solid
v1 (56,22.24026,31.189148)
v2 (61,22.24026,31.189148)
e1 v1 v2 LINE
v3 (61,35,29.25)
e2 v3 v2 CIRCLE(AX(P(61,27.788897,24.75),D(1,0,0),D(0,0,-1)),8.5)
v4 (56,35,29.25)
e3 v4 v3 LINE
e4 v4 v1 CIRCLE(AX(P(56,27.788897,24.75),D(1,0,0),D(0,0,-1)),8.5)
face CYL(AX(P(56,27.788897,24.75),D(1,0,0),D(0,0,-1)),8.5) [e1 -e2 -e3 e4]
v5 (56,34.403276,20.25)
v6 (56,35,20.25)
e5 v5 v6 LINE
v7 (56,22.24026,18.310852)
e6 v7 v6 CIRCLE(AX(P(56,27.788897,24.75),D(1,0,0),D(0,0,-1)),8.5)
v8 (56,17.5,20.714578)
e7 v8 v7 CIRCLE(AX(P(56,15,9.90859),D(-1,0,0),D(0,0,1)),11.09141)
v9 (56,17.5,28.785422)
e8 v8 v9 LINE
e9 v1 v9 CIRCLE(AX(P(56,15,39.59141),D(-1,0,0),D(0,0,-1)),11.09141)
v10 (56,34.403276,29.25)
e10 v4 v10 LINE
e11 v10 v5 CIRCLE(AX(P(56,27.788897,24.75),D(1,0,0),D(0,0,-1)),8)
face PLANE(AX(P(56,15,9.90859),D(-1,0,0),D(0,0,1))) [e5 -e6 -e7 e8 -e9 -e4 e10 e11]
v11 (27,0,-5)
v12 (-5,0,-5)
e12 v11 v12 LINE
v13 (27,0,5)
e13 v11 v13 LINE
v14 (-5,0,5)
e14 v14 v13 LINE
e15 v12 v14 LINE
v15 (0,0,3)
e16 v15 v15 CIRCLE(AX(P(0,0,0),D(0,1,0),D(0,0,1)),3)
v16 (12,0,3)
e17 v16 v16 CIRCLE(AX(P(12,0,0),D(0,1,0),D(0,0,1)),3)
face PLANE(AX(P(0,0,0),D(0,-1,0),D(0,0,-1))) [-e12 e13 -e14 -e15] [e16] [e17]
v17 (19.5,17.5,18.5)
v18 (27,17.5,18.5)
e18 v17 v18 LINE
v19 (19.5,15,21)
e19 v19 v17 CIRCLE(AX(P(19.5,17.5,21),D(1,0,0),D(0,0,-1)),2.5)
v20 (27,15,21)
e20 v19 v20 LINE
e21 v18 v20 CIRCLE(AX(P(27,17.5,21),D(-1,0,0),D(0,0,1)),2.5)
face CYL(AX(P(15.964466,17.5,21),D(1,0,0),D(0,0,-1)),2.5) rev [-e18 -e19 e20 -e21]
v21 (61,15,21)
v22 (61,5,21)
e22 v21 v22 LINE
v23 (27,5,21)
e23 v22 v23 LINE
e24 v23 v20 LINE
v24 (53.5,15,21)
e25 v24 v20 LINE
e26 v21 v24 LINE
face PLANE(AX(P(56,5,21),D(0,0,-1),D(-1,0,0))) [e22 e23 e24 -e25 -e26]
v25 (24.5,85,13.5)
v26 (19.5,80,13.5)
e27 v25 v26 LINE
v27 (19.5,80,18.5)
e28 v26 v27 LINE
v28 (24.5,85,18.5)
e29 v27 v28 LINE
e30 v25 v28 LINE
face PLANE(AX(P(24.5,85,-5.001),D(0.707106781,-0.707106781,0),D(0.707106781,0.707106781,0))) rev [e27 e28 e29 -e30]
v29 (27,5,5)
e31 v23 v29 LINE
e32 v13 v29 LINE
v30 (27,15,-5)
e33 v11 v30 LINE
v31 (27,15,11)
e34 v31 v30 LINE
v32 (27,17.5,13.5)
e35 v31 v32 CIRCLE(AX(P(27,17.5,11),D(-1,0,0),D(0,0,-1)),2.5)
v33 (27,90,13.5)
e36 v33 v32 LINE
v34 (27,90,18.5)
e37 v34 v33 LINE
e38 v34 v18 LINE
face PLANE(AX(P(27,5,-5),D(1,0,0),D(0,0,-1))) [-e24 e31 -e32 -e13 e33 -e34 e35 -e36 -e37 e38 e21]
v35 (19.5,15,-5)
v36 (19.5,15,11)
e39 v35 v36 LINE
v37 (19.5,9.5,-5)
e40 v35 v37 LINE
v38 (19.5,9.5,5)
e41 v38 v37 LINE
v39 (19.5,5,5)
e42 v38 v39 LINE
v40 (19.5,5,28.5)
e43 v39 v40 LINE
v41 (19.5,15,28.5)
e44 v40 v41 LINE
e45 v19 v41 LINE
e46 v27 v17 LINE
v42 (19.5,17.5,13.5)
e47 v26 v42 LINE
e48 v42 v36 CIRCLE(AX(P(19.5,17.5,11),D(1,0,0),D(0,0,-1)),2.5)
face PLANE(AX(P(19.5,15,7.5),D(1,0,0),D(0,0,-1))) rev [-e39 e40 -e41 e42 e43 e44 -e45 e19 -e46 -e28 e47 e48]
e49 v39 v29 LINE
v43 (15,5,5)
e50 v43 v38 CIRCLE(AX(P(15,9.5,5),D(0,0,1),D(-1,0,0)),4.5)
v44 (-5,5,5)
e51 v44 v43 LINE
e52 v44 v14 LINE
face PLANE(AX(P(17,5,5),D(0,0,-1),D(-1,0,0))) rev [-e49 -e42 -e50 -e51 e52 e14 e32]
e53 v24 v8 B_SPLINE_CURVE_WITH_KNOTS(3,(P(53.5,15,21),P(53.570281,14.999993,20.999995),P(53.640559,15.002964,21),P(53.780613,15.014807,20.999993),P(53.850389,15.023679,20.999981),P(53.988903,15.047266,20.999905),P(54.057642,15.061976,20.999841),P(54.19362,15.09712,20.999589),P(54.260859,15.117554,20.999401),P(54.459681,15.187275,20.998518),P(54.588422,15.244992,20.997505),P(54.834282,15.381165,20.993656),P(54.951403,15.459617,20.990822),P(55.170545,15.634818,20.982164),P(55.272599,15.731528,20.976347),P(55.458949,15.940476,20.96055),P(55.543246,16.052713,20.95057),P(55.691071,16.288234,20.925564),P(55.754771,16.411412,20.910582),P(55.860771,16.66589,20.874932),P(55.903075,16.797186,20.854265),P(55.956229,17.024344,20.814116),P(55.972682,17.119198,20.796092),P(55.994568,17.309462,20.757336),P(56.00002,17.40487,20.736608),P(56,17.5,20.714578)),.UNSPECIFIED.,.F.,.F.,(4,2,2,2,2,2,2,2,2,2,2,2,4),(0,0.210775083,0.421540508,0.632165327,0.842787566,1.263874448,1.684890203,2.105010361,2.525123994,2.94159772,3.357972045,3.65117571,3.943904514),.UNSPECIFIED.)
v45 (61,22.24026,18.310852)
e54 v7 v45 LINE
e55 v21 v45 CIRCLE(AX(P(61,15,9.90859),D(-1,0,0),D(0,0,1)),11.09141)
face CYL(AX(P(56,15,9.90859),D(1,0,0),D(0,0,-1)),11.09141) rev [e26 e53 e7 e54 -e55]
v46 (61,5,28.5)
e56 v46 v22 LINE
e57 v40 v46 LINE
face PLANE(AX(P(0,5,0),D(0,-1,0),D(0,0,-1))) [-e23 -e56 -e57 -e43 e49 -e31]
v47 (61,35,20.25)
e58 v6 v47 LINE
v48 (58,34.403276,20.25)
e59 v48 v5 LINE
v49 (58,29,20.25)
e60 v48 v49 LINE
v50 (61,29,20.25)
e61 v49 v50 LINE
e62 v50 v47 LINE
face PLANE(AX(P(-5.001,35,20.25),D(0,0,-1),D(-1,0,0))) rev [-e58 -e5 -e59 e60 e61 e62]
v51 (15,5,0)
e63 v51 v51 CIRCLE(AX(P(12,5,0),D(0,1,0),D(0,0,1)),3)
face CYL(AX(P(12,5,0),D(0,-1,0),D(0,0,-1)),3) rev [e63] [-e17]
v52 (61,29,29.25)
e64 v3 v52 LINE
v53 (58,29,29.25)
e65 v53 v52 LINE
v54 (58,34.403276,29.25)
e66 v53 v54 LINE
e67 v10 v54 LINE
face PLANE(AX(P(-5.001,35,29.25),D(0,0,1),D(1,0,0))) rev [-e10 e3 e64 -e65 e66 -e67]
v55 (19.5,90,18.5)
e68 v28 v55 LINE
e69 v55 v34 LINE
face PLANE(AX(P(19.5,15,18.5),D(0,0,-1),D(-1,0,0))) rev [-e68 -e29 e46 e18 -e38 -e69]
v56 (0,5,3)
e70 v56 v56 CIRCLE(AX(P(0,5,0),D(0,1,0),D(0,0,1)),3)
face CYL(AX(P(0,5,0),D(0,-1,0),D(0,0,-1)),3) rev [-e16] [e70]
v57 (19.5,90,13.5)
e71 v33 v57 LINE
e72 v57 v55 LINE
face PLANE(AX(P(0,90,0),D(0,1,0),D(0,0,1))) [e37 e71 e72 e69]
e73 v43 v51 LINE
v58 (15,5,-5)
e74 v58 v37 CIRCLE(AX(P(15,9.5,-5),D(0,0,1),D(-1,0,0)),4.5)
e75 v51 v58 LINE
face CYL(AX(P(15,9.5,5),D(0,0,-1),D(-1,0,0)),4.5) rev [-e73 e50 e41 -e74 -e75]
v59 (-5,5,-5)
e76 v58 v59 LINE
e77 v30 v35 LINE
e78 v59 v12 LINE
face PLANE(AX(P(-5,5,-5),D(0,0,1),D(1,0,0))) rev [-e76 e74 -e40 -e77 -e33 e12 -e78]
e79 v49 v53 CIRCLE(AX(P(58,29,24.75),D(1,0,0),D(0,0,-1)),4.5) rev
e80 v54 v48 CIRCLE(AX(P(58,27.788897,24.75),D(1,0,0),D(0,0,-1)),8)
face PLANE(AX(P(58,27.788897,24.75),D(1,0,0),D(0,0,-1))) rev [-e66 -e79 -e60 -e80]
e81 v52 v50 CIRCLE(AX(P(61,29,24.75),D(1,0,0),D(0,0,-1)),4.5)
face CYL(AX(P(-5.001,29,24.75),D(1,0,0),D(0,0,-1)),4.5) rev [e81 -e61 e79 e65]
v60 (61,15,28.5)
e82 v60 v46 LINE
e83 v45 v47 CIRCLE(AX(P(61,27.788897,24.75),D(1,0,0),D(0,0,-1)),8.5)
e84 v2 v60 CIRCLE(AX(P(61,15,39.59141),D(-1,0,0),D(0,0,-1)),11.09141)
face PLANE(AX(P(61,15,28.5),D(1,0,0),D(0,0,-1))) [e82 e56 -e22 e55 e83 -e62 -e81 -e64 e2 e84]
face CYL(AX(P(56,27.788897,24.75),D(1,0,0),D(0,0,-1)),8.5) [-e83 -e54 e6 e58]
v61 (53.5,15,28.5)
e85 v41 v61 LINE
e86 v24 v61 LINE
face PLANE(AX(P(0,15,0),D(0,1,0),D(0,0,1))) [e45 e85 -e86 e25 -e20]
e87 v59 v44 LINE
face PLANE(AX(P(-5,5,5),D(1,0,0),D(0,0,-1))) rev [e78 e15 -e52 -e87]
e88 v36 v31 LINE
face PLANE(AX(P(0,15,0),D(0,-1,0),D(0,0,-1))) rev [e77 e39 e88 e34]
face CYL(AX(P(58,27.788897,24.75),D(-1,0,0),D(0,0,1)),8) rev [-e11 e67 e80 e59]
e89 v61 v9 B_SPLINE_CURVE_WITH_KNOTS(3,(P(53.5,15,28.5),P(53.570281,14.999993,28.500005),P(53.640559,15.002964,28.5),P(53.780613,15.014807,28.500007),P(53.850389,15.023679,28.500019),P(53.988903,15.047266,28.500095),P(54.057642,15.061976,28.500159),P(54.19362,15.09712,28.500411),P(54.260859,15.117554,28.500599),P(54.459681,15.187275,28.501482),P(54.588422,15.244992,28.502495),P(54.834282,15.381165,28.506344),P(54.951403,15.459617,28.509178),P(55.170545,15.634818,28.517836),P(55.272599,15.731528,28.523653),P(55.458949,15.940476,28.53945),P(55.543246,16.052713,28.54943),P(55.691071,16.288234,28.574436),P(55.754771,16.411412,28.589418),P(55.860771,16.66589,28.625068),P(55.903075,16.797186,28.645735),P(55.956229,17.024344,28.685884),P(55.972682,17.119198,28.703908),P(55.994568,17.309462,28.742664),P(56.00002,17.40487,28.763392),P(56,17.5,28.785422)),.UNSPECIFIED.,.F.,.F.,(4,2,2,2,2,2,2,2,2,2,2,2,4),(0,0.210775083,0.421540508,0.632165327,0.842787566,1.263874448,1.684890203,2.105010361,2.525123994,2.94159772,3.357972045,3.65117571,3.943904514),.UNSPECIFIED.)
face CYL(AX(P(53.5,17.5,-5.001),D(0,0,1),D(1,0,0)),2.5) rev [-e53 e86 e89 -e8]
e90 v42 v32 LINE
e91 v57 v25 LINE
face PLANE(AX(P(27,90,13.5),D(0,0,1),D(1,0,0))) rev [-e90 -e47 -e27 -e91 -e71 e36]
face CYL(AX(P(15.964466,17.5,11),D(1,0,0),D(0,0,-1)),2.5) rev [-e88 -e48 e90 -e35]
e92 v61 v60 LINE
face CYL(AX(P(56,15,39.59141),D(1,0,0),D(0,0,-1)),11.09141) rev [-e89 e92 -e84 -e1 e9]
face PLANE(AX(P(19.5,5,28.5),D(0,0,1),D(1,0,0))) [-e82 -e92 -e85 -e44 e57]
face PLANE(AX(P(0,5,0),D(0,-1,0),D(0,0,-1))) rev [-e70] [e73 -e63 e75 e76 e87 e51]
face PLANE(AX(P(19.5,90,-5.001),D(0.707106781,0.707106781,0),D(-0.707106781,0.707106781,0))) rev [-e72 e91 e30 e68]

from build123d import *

# Parameters (mm, degrees)
SKETCH2_W                            = 22
SKETCH2_H                            = 10
SKETCH2_R                            = 3
BOSS_EXTRUDE1_DEPTH                  = 5
SKETCH3_W                            = 10
SKETCH3_H                            = 5
BOSS_EXTRUDE2_DEPTH                  = 10
BOSS_EXTRUDE3_DEPTH                  = 10
SKETCH5_W                            = 7.5
SKETCH5_H                            = 5
BOSS_EXTRUDE4_DEPTH                  = 75
CUT_EXTRUDE1_REACH                   = 98.857
BOSS_EXTRUDE5_DEPTH                  = 10
SKETCH13_W                           = 5
SKETCH13_H                           = 10
BOSS_EXTRUDE6_DEPTH                  = 7.5
BOSS_EXTRUDE7_DEPTH                  = 5
CUT_EXTRUDE5_REACH                   = 118.454
SKETCH16_R                           = 8
CUT_EXTRUDE6_DEPTH                   = 2
BOSS_EXTRUDE8_REACH                  = 104.314
BOSS_EXTRUDE8_END_RADIUS             = 11.091410312
BOSS_EXTRUDE8_DIRECTION_2_REACH      = 104.314
BOSS_EXTRUDE8_DIRECTION_2_END_RADIUS = 11.091410312
BOSS_EXTRUDE9_DEPTH                  = 7.5
BOSS_EXTRUDE10_START                 = -10
BOSS_EXTRUDE10_DEPTH                 = 10


with BuildPart() as part:
    # Sketch2 → Boss-Extrude1 (new body)
    with BuildSketch(Plane(origin=(0, 0, 0), x_dir=(1, 0, 0), z_dir=(0, 1, 0))):
        with Locations((6, 0)):
            Rectangle(SKETCH2_W, SKETCH2_H)
        with Locations(Location((0, 0, 0), (0, 0, 270))):
            Circle(SKETCH2_R, mode=Mode.SUBTRACT)
        with Locations(Location((12, 0, 0), (0, 0, 270))):
            Circle(SKETCH2_R, mode=Mode.SUBTRACT)
    extrude(amount=BOSS_EXTRUDE1_DEPTH)

    # Sketch3 → Boss-Extrude2 (add)
    with BuildSketch(Plane.XY.offset(5)):
        with Locations((22, 2.5)):
            Rectangle(SKETCH3_W, SKETCH3_H)
    extrude(amount=-BOSS_EXTRUDE2_DEPTH)

    # Sketch4 → Boss-Extrude3 (add)
    with BuildSketch(Plane(origin=(0, 5, 0), x_dir=(1, 0, 0), z_dir=(0, 1, 0))):
        Polygon((27, 5), (27, -5), (27, -7.5), (27, -18.5), (19.5, -18.5), (19.5, -7.5), (19.5, 5), align=None)
    extrude(amount=BOSS_EXTRUDE3_DEPTH)

    # Sketch5 → Boss-Extrude4 (add)
    with BuildSketch(Plane(origin=(0, 15, 0), x_dir=(1, 0, 0), z_dir=(0, 1, 0))):
        with Locations((23.25, -16)):
            Rectangle(SKETCH5_W, SKETCH5_H)
    extrude(amount=BOSS_EXTRUDE4_DEPTH)

    # Sketch6 → Cut-Extrude1 (cut, up to next)
    with BuildSketch(Plane.XY.offset(18.5), mode=Mode.PRIVATE) as cut_extrude1_sk1:
        Polygon((19.5, 90), (24.5, 85), (19.5, 80), align=None)
    cut_extrude1_tool1 = extrude(cut_extrude1_sk1.sketch, amount=-CUT_EXTRUDE1_REACH, mode=Mode.PRIVATE) & part.part
    add(cut_extrude1_tool1.solids().sort_by_distance((21.166667, 85, 18.5))[0], mode=Mode.SUBTRACT)

    # Sketch7 → Boss-Extrude5 (add)
    with BuildSketch(Plane(origin=(0, 15, 0), x_dir=(1, 0, 0), z_dir=(0, 1, 0))):
        Polygon((19.5, 5), (19.5, -28.5), (56, -28.5), (56, -21), (27, -21), (27, 5), align=None)
    extrude(amount=-BOSS_EXTRUDE5_DEPTH)

    # Sketch13 → Boss-Extrude6 (add)
    with BuildSketch(Plane(origin=(0, 0, 21), x_dir=(-1, 0, 0), z_dir=(0, 0, -1))):
        with Locations((-58.5, 10)):
            Rectangle(SKETCH13_W, SKETCH13_H)
    extrude(amount=-BOSS_EXTRUDE6_DEPTH)

    # Sketch14 → Boss-Extrude7 (add)
    with BuildSketch(Plane(origin=(61, 0, 0), x_dir=(0, 0, -1), z_dir=(1, 0, 0))):
        with BuildLine():
            Line((-29.25, 35), (-20.25, 35))
            ThreePointArc((-20.25, 35), (-16.346490099, 29.066011911), (-18.310852147, 22.240260236))
            ThreePointArc((-18.310852147, 22.240260236), (-20.306000981, 18.86176399), (-21, 15))
            Line((-21, 15), (-28.5, 15))
            ThreePointArc((-28.5, 15), (-29.193999019, 18.86176399), (-31.189147853, 22.240260236))
            ThreePointArc((-31.189147853, 22.240260236), (-33.153509901, 29.066011911), (-29.25, 35))
        make_face()
    extrude(amount=-BOSS_EXTRUDE7_DEPTH)

    # Sketch15 → Cut-Extrude5 (cut, up to next)
    with BuildSketch(Plane(origin=(61, 0, 0), x_dir=(0, 0, -1), z_dir=(1, 0, 0)), mode=Mode.PRIVATE) as cut_extrude5_sk1:
        with BuildLine():
            Line((-29.25, 35), (-29.25, 29))
            ThreePointArc((-29.25, 29), (-24.75, 24.5), (-20.25, 29))
            Line((-20.25, 29), (-20.25, 35))
            Line((-20.25, 35), (-29.25, 35))
        make_face()
    cut_extrude5_tool1 = extrude(cut_extrude5_sk1.sketch, amount=-CUT_EXTRUDE5_REACH, mode=Mode.PRIVATE) & part.part
    add(cut_extrude5_tool1.solids().sort_by_distance((61, 30.179951, 24.75))[0], mode=Mode.SUBTRACT)

    # Sketch16 → Cut-Extrude6 (cut)
    with BuildSketch(Plane(origin=(56, 0, 0), x_dir=(0, 0, -1), z_dir=(1, 0, 0))):
        with Locations((-24.75, 27.788897449)):
            Circle(SKETCH16_R)
    extrude(amount=CUT_EXTRUDE6_DEPTH, mode=Mode.SUBTRACT)

    # Boss-Extrude8: up to this cylinder (the profile starts outside it)
    boss_extrude8_end = Plane(origin=(55.44158, 15, 9.908589688), z_dir=(1, 0, 0)) * Cylinder(BOSS_EXTRUDE8_END_RADIUS, 231.810820624, mode=Mode.PRIVATE)
    # Sketch17 → Boss-Extrude8 (add, up to the surface)
    with BuildSketch(Plane(origin=(56, 15, 28.5), x_dir=(-1, 0, 0), z_dir=(0, 0, -1)), mode=Mode.PRIVATE) as boss_extrude8_sk1:
        with BuildLine():
            Line((0, 0), (0, 2.5))
            ThreePointArc((0, 2.5), (0.732233047, 0.732233047), (2.5, 0))
            Line((2.5, 0), (0, 0))
        make_face()
    boss_extrude8_tool1 = extrude(boss_extrude8_sk1.sketch, amount=BOSS_EXTRUDE8_REACH, mode=Mode.PRIVATE) - boss_extrude8_end
    add(boss_extrude8_tool1.solids().sort_by_distance((55.44158, 15.55842, 28.5))[0])

    # Boss-Extrude8 direction 2: up to this cylinder (the profile starts outside it)
    boss_extrude8_direction_2_end = Plane(origin=(55.44158, 15, 39.591410312), z_dir=(1, 0, 0)) * Cylinder(BOSS_EXTRUDE8_DIRECTION_2_END_RADIUS, 231.810820624, mode=Mode.PRIVATE)
    # Sketch17 → Boss-Extrude8 direction 2 (add, up to the surface)
    with BuildSketch(Plane(origin=(56, 15, 28.5), x_dir=(-1, 0, 0), z_dir=(0, 0, -1)), mode=Mode.PRIVATE) as boss_extrude8_direction_2_sk1:
        with BuildLine():
            Line((0, 0), (0, 2.5))
            ThreePointArc((0, 2.5), (0.732233047, 0.732233047), (2.5, 0))
            Line((2.5, 0), (0, 0))
        make_face()
    boss_extrude8_direction_2_tool1 = extrude(boss_extrude8_direction_2_sk1.sketch, amount=-BOSS_EXTRUDE8_DIRECTION_2_REACH, mode=Mode.PRIVATE) - boss_extrude8_direction_2_end
    add(boss_extrude8_direction_2_tool1.solids().sort_by_distance((55.44158, 15.55842, 28.5))[0])

    # Sketch18 → Boss-Extrude9 (add)
    with BuildSketch(Plane(origin=(27, 0, 0), x_dir=(0, 0, -1), z_dir=(1, 0, 0))):
        with BuildLine():
            Line((-13.5, 15), (-13.5, 17.5))
            ThreePointArc((-13.5, 17.5), (-12.767766953, 15.732233047), (-11, 15))
            Line((-11, 15), (-13.5, 15))
        make_face()
        with BuildLine():
            Line((-18.5, 15), (-18.5, 17.5))
            ThreePointArc((-18.5, 17.5), (-19.232233047, 15.732233047), (-21, 15))
            Line((-21, 15), (-18.5, 15))
        make_face()
    extrude(amount=-BOSS_EXTRUDE9_DEPTH)

    # Sketch19 → Boss-Extrude10 (add)
    with BuildSketch(Plane(origin=(0, 0, -5), x_dir=(-1, 0, 0), z_dir=(0, 0, -1)).offset(BOSS_EXTRUDE10_START)):
        with BuildLine():
            Line((-19.5, 5), (-19.5, 9.5))
            ThreePointArc((-19.5, 9.5), (-18.181980515, 6.318019485), (-15, 5))
            Line((-15, 5), (-19.5, 5))
        make_face()
    extrude(amount=BOSS_EXTRUDE10_DEPTH)


solid = part.part
